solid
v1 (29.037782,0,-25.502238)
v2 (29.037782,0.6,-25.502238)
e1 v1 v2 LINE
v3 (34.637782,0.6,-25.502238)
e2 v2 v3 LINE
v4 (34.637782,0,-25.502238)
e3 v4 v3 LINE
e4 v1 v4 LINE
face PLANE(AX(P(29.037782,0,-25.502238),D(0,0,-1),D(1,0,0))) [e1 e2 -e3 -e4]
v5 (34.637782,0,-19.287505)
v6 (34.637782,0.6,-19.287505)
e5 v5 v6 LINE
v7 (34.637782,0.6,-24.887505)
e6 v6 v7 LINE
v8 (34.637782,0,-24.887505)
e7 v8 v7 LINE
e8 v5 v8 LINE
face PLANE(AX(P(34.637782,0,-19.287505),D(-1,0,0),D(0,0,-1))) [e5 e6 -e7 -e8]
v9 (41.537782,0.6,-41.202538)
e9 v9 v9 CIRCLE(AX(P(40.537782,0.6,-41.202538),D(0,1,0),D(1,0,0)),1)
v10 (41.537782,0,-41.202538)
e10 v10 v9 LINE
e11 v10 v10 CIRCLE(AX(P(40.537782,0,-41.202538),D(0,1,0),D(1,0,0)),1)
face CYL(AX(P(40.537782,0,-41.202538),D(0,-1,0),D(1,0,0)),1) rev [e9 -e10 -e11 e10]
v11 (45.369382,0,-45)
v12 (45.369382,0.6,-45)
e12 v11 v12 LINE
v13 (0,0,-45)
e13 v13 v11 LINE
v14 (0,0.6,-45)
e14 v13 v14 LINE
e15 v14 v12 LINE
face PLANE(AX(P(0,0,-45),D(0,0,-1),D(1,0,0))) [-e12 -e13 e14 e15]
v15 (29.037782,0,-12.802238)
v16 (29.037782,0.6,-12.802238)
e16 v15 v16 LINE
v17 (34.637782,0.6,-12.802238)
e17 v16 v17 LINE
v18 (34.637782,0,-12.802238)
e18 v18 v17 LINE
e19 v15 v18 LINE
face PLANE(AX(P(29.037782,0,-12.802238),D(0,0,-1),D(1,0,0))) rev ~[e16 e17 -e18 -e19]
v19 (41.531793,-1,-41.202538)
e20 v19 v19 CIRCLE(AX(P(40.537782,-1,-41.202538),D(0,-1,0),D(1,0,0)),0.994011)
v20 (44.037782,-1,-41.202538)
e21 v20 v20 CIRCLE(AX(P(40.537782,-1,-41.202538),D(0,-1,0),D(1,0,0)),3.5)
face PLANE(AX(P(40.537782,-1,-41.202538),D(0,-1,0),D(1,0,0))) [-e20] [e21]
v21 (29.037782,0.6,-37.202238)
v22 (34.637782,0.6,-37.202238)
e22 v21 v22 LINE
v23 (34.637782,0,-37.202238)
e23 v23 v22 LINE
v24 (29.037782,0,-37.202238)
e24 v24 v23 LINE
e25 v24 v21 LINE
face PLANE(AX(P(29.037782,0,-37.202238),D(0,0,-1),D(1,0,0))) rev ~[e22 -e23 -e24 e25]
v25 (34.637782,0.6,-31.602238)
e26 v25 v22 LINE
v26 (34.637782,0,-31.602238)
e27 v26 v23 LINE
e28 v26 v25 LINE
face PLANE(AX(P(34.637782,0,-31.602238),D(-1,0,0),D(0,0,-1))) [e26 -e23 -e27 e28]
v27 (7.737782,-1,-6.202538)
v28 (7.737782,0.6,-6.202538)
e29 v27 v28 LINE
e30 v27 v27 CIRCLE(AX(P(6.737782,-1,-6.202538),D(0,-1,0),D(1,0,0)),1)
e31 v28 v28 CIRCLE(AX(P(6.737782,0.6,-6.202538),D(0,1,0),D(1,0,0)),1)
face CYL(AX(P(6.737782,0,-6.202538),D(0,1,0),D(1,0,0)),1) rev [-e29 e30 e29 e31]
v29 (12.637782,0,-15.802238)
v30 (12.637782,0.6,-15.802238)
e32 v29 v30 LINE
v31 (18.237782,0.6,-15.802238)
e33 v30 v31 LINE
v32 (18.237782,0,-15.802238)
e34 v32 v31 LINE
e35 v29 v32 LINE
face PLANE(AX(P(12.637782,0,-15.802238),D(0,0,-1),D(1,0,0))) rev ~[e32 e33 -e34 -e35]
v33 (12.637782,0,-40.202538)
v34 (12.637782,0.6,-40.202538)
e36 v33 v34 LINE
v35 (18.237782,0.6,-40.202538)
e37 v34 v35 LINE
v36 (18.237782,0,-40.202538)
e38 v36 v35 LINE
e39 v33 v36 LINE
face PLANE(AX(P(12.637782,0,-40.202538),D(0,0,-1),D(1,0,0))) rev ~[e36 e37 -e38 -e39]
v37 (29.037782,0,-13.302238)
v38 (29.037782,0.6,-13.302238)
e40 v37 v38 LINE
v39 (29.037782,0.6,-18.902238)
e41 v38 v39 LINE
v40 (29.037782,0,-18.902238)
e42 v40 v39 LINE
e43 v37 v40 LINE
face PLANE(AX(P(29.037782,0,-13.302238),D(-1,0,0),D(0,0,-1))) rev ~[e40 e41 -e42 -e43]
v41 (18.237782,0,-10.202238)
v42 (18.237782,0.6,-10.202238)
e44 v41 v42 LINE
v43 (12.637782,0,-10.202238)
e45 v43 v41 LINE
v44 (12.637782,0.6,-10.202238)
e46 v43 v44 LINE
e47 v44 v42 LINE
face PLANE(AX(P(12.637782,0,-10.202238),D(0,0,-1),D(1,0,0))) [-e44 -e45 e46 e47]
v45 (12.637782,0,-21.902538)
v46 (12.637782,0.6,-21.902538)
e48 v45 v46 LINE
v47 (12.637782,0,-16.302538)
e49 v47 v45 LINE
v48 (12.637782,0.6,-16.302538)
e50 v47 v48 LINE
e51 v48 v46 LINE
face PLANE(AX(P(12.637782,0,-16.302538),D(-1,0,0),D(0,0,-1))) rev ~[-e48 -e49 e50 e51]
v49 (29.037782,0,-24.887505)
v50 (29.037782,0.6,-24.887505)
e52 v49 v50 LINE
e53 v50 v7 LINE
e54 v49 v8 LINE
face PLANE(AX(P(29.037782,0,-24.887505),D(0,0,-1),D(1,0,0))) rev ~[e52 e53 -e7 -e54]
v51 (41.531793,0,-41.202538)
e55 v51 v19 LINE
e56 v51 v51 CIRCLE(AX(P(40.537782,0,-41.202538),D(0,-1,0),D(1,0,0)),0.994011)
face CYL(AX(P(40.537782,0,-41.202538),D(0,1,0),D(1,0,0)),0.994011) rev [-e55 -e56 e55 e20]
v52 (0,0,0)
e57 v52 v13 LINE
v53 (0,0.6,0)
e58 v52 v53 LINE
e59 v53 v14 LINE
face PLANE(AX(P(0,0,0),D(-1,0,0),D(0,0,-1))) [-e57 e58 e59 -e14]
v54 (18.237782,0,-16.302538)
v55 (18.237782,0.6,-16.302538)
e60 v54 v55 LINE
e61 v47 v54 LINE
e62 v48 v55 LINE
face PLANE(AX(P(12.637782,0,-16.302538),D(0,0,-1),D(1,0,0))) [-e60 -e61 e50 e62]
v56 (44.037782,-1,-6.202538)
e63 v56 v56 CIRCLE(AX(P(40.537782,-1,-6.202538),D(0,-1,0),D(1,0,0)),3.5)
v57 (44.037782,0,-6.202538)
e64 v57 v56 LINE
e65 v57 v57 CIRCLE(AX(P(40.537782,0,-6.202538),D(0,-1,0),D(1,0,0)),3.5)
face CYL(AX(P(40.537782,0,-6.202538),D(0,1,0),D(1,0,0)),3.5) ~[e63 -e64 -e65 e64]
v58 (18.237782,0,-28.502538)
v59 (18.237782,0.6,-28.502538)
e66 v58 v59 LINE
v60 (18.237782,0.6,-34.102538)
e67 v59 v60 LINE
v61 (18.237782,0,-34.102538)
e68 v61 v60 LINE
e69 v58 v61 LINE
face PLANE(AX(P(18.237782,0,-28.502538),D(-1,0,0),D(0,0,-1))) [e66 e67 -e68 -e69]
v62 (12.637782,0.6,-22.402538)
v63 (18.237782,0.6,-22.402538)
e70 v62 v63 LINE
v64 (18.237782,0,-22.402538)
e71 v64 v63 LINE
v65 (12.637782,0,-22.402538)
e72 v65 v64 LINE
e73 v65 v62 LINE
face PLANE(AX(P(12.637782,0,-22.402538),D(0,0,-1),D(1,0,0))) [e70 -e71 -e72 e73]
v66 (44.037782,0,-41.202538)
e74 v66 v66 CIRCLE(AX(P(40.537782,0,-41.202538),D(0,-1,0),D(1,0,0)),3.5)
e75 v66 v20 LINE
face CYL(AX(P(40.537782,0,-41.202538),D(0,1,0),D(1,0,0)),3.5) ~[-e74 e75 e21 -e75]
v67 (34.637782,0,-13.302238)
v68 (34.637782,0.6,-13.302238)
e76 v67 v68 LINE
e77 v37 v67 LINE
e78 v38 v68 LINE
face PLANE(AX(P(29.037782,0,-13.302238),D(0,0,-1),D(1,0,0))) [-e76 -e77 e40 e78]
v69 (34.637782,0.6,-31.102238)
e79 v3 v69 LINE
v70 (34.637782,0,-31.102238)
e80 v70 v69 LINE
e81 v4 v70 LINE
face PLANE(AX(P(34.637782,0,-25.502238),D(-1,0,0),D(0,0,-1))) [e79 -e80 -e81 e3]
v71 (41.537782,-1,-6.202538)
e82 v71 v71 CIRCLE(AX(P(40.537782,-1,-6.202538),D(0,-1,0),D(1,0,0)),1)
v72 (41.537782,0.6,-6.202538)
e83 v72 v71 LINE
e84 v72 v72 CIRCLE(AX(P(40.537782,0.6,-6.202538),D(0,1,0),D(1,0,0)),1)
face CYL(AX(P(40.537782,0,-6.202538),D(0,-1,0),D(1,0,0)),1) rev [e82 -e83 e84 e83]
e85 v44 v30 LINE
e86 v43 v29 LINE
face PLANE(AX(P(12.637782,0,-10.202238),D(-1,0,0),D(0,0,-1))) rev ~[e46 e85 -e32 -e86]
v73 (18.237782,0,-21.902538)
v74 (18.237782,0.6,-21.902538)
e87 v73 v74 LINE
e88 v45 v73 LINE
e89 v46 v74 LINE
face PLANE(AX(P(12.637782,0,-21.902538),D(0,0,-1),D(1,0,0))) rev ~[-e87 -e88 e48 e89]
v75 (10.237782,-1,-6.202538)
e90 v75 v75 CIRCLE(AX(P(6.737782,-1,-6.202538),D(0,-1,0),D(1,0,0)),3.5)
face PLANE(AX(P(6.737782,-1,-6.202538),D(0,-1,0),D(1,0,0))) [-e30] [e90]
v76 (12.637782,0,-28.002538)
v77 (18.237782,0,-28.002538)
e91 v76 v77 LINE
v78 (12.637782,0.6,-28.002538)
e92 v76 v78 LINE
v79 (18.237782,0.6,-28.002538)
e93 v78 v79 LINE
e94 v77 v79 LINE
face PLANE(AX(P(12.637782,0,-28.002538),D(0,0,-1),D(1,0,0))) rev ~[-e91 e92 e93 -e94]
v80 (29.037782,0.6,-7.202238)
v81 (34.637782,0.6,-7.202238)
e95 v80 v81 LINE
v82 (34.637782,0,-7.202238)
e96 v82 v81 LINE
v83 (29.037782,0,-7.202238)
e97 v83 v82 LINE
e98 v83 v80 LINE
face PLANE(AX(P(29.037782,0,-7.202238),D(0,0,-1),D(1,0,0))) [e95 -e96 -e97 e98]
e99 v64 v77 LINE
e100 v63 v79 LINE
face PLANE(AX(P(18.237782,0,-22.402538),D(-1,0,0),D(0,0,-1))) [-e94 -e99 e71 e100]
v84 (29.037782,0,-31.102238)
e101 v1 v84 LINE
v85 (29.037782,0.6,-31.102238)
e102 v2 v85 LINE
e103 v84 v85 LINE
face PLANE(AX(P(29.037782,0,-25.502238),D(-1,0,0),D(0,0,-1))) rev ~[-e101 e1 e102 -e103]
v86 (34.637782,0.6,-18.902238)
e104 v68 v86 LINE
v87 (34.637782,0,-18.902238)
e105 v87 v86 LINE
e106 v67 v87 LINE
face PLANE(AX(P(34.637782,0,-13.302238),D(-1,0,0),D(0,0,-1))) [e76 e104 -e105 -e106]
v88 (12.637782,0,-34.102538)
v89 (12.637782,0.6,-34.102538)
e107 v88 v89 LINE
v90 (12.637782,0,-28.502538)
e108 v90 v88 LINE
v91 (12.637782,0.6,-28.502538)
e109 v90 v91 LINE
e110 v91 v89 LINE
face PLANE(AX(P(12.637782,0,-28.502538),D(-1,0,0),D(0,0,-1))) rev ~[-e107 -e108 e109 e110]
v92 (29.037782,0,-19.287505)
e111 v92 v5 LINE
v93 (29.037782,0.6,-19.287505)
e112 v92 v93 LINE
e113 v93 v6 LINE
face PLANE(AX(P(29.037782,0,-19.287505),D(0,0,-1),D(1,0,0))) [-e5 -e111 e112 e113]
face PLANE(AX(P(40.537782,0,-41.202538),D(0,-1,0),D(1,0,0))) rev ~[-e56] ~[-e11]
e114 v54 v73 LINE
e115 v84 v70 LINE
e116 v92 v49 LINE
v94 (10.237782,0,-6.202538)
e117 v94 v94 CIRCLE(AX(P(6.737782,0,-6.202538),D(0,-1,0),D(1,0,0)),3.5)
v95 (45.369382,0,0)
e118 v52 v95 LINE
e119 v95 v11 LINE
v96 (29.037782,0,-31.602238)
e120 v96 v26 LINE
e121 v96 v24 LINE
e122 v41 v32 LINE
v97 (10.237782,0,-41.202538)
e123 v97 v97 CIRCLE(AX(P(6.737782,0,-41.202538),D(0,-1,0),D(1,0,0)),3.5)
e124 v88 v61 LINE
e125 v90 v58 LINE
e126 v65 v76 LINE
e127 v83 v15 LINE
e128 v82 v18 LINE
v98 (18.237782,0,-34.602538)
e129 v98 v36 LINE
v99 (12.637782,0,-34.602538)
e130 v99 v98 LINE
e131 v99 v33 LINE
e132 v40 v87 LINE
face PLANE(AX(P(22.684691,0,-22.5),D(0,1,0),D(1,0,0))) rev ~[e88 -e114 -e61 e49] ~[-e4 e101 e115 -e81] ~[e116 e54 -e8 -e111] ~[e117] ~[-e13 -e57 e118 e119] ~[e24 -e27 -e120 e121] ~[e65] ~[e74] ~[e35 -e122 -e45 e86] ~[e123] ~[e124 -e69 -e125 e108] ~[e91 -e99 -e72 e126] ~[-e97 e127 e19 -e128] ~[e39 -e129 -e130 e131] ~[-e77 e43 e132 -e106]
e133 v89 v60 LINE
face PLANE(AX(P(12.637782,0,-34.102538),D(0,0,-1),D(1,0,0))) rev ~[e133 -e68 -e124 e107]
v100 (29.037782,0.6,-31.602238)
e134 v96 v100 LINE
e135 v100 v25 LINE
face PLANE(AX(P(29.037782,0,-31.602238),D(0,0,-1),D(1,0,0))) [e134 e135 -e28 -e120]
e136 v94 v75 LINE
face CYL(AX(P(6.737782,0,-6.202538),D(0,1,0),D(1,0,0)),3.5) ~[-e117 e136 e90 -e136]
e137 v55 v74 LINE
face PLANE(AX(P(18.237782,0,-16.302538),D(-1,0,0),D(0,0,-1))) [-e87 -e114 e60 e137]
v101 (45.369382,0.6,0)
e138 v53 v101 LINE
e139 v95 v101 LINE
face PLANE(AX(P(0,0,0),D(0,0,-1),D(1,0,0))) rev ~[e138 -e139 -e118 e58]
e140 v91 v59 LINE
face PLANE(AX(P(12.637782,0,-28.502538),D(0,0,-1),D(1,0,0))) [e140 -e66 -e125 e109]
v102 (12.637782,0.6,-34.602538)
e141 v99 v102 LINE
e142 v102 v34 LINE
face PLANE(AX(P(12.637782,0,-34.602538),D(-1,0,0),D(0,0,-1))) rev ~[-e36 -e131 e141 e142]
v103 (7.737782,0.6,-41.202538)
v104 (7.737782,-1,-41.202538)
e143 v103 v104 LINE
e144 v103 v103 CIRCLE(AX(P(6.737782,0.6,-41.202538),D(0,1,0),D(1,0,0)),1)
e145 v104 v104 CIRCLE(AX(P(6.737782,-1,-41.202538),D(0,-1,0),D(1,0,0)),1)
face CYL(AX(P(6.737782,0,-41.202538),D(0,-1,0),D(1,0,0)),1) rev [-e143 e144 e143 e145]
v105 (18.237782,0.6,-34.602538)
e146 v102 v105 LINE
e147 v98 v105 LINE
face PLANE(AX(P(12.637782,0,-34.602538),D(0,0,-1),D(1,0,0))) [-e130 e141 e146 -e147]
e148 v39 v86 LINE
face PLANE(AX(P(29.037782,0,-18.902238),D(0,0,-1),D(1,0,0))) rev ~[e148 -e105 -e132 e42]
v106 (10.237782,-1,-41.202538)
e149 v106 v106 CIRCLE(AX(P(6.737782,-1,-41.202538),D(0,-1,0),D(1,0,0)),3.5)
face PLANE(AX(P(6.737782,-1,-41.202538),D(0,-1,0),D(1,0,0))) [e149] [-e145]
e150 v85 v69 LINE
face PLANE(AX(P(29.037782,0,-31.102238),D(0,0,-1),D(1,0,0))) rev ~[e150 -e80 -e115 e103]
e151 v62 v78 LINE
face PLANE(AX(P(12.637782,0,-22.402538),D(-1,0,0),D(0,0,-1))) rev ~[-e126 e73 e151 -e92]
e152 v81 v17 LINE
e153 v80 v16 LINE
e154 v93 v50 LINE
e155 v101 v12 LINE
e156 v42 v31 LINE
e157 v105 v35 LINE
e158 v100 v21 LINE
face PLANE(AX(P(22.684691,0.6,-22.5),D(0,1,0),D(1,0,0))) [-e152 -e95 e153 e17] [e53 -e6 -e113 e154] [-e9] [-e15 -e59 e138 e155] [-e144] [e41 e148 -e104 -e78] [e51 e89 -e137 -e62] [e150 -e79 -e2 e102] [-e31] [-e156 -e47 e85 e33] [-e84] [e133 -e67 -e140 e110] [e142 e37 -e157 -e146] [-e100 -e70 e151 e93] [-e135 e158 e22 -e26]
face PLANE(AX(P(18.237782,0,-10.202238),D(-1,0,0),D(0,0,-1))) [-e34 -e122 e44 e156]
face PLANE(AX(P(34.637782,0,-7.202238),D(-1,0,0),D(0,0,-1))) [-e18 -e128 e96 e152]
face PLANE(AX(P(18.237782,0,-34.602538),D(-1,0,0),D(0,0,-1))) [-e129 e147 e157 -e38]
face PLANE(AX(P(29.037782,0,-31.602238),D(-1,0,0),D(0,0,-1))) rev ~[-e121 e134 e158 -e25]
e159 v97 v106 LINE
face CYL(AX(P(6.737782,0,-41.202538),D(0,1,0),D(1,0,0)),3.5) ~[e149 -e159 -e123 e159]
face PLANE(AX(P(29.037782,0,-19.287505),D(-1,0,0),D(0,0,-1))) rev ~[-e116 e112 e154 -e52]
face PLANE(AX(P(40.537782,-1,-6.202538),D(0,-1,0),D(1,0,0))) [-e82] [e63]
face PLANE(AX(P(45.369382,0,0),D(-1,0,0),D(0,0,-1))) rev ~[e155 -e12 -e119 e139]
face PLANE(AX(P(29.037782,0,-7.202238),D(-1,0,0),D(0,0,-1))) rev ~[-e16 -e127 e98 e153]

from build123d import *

# Parameters (mm, degrees)
SKETCH_1_W      = 45.369381955
SKETCH_1_H      = 45
SKETCH_1_R      = 1
SKETCH_1_W_2    = 5.6
SKETCH_1_H_2    = 5.6
EXTRUDE_1_DEPTH = 0.6
SKETCH_2_R      = 3.5
SKETCH_2_R_2    = 1
SKETCH_2_R_3    = 0.994011389
EXTRUDE_2_DEPTH = 1


with BuildPart() as part:
    # Эскиз1 → Бобышка-Вытянуть1 (new body)
    with BuildSketch(Plane(origin=(0, 0, 0), x_dir=(1, 0, 0), z_dir=(0, 1, 0))):
        with Locations((22.684690978, 22.5)):
            Rectangle(SKETCH_1_W, SKETCH_1_H)
        with Locations((6.737781955, 41.202537594)):
            Circle(SKETCH_1_R, mode=Mode.SUBTRACT)
        with Locations((40.537781955, 41.202537594)):
            Circle(SKETCH_1_R, mode=Mode.SUBTRACT)
        with Locations((40.537781955, 6.202537594)):
            Circle(SKETCH_1_R, mode=Mode.SUBTRACT)
        with Locations((6.737781955, 6.202537594)):
            Circle(SKETCH_1_R, mode=Mode.SUBTRACT)
        with Locations((15.437781955, 37.402537594)):
            Rectangle(SKETCH_1_W_2, SKETCH_1_H_2, mode=Mode.SUBTRACT)
        with Locations((15.437781955, 31.302537594)):
            Rectangle(SKETCH_1_W_2, SKETCH_1_H_2, mode=Mode.SUBTRACT)
        with Locations((15.437781955, 25.202537594)):
            Rectangle(SKETCH_1_W_2, SKETCH_1_H_2, mode=Mode.SUBTRACT)
        with Locations((15.437781955, 19.102537594)):
            Rectangle(SKETCH_1_W_2, SKETCH_1_H_2, mode=Mode.SUBTRACT)
        with Locations((15.437781955, 13.002237594)):
            Rectangle(SKETCH_1_W_2, SKETCH_1_H_2, mode=Mode.SUBTRACT)
        with Locations((31.837781955, 10.002237594)):
            Rectangle(SKETCH_1_W_2, SKETCH_1_H_2, mode=Mode.SUBTRACT)
        with Locations((31.837781955, 16.102237594)):
            Rectangle(SKETCH_1_W_2, SKETCH_1_H_2, mode=Mode.SUBTRACT)
        with Locations((31.837781955, 22.087504722)):
            Rectangle(SKETCH_1_W_2, SKETCH_1_H_2, mode=Mode.SUBTRACT)
        with Locations((31.837781955, 28.302237594)):
            Rectangle(SKETCH_1_W_2, SKETCH_1_H_2, mode=Mode.SUBTRACT)
        with Locations((31.837781955, 34.402237594)):
            Rectangle(SKETCH_1_W_2, SKETCH_1_H_2, mode=Mode.SUBTRACT)
    extrude(amount=EXTRUDE_1_DEPTH)

    # Эскиз2 → Бобышка-Вытянуть2 (add)
    with BuildSketch(Plane.XZ):
        with Locations((6.737781955, -6.202537594)):
            Circle(SKETCH_2_R)
        with Locations((6.737781955, -6.202537594)):
            Circle(SKETCH_2_R_2, mode=Mode.SUBTRACT)
        with Locations((40.537781955, -6.202537594)):
            Circle(SKETCH_2_R)
        with Locations((40.537781955, -6.202537594)):
            Circle(SKETCH_2_R_2, mode=Mode.SUBTRACT)
        with Locations((40.537781955, -41.202537594)):
            Circle(SKETCH_2_R)
        with Locations((40.537781955, -41.202537594)):
            Circle(SKETCH_2_R_3, mode=Mode.SUBTRACT)
        with Locations((6.737781955, -41.202537594)):
            Circle(SKETCH_2_R)
        with Locations((6.737781955, -41.202537594)):
            Circle(SKETCH_2_R_2, mode=Mode.SUBTRACT)
    extrude(amount=EXTRUDE_2_DEPTH)


solid = part.part
